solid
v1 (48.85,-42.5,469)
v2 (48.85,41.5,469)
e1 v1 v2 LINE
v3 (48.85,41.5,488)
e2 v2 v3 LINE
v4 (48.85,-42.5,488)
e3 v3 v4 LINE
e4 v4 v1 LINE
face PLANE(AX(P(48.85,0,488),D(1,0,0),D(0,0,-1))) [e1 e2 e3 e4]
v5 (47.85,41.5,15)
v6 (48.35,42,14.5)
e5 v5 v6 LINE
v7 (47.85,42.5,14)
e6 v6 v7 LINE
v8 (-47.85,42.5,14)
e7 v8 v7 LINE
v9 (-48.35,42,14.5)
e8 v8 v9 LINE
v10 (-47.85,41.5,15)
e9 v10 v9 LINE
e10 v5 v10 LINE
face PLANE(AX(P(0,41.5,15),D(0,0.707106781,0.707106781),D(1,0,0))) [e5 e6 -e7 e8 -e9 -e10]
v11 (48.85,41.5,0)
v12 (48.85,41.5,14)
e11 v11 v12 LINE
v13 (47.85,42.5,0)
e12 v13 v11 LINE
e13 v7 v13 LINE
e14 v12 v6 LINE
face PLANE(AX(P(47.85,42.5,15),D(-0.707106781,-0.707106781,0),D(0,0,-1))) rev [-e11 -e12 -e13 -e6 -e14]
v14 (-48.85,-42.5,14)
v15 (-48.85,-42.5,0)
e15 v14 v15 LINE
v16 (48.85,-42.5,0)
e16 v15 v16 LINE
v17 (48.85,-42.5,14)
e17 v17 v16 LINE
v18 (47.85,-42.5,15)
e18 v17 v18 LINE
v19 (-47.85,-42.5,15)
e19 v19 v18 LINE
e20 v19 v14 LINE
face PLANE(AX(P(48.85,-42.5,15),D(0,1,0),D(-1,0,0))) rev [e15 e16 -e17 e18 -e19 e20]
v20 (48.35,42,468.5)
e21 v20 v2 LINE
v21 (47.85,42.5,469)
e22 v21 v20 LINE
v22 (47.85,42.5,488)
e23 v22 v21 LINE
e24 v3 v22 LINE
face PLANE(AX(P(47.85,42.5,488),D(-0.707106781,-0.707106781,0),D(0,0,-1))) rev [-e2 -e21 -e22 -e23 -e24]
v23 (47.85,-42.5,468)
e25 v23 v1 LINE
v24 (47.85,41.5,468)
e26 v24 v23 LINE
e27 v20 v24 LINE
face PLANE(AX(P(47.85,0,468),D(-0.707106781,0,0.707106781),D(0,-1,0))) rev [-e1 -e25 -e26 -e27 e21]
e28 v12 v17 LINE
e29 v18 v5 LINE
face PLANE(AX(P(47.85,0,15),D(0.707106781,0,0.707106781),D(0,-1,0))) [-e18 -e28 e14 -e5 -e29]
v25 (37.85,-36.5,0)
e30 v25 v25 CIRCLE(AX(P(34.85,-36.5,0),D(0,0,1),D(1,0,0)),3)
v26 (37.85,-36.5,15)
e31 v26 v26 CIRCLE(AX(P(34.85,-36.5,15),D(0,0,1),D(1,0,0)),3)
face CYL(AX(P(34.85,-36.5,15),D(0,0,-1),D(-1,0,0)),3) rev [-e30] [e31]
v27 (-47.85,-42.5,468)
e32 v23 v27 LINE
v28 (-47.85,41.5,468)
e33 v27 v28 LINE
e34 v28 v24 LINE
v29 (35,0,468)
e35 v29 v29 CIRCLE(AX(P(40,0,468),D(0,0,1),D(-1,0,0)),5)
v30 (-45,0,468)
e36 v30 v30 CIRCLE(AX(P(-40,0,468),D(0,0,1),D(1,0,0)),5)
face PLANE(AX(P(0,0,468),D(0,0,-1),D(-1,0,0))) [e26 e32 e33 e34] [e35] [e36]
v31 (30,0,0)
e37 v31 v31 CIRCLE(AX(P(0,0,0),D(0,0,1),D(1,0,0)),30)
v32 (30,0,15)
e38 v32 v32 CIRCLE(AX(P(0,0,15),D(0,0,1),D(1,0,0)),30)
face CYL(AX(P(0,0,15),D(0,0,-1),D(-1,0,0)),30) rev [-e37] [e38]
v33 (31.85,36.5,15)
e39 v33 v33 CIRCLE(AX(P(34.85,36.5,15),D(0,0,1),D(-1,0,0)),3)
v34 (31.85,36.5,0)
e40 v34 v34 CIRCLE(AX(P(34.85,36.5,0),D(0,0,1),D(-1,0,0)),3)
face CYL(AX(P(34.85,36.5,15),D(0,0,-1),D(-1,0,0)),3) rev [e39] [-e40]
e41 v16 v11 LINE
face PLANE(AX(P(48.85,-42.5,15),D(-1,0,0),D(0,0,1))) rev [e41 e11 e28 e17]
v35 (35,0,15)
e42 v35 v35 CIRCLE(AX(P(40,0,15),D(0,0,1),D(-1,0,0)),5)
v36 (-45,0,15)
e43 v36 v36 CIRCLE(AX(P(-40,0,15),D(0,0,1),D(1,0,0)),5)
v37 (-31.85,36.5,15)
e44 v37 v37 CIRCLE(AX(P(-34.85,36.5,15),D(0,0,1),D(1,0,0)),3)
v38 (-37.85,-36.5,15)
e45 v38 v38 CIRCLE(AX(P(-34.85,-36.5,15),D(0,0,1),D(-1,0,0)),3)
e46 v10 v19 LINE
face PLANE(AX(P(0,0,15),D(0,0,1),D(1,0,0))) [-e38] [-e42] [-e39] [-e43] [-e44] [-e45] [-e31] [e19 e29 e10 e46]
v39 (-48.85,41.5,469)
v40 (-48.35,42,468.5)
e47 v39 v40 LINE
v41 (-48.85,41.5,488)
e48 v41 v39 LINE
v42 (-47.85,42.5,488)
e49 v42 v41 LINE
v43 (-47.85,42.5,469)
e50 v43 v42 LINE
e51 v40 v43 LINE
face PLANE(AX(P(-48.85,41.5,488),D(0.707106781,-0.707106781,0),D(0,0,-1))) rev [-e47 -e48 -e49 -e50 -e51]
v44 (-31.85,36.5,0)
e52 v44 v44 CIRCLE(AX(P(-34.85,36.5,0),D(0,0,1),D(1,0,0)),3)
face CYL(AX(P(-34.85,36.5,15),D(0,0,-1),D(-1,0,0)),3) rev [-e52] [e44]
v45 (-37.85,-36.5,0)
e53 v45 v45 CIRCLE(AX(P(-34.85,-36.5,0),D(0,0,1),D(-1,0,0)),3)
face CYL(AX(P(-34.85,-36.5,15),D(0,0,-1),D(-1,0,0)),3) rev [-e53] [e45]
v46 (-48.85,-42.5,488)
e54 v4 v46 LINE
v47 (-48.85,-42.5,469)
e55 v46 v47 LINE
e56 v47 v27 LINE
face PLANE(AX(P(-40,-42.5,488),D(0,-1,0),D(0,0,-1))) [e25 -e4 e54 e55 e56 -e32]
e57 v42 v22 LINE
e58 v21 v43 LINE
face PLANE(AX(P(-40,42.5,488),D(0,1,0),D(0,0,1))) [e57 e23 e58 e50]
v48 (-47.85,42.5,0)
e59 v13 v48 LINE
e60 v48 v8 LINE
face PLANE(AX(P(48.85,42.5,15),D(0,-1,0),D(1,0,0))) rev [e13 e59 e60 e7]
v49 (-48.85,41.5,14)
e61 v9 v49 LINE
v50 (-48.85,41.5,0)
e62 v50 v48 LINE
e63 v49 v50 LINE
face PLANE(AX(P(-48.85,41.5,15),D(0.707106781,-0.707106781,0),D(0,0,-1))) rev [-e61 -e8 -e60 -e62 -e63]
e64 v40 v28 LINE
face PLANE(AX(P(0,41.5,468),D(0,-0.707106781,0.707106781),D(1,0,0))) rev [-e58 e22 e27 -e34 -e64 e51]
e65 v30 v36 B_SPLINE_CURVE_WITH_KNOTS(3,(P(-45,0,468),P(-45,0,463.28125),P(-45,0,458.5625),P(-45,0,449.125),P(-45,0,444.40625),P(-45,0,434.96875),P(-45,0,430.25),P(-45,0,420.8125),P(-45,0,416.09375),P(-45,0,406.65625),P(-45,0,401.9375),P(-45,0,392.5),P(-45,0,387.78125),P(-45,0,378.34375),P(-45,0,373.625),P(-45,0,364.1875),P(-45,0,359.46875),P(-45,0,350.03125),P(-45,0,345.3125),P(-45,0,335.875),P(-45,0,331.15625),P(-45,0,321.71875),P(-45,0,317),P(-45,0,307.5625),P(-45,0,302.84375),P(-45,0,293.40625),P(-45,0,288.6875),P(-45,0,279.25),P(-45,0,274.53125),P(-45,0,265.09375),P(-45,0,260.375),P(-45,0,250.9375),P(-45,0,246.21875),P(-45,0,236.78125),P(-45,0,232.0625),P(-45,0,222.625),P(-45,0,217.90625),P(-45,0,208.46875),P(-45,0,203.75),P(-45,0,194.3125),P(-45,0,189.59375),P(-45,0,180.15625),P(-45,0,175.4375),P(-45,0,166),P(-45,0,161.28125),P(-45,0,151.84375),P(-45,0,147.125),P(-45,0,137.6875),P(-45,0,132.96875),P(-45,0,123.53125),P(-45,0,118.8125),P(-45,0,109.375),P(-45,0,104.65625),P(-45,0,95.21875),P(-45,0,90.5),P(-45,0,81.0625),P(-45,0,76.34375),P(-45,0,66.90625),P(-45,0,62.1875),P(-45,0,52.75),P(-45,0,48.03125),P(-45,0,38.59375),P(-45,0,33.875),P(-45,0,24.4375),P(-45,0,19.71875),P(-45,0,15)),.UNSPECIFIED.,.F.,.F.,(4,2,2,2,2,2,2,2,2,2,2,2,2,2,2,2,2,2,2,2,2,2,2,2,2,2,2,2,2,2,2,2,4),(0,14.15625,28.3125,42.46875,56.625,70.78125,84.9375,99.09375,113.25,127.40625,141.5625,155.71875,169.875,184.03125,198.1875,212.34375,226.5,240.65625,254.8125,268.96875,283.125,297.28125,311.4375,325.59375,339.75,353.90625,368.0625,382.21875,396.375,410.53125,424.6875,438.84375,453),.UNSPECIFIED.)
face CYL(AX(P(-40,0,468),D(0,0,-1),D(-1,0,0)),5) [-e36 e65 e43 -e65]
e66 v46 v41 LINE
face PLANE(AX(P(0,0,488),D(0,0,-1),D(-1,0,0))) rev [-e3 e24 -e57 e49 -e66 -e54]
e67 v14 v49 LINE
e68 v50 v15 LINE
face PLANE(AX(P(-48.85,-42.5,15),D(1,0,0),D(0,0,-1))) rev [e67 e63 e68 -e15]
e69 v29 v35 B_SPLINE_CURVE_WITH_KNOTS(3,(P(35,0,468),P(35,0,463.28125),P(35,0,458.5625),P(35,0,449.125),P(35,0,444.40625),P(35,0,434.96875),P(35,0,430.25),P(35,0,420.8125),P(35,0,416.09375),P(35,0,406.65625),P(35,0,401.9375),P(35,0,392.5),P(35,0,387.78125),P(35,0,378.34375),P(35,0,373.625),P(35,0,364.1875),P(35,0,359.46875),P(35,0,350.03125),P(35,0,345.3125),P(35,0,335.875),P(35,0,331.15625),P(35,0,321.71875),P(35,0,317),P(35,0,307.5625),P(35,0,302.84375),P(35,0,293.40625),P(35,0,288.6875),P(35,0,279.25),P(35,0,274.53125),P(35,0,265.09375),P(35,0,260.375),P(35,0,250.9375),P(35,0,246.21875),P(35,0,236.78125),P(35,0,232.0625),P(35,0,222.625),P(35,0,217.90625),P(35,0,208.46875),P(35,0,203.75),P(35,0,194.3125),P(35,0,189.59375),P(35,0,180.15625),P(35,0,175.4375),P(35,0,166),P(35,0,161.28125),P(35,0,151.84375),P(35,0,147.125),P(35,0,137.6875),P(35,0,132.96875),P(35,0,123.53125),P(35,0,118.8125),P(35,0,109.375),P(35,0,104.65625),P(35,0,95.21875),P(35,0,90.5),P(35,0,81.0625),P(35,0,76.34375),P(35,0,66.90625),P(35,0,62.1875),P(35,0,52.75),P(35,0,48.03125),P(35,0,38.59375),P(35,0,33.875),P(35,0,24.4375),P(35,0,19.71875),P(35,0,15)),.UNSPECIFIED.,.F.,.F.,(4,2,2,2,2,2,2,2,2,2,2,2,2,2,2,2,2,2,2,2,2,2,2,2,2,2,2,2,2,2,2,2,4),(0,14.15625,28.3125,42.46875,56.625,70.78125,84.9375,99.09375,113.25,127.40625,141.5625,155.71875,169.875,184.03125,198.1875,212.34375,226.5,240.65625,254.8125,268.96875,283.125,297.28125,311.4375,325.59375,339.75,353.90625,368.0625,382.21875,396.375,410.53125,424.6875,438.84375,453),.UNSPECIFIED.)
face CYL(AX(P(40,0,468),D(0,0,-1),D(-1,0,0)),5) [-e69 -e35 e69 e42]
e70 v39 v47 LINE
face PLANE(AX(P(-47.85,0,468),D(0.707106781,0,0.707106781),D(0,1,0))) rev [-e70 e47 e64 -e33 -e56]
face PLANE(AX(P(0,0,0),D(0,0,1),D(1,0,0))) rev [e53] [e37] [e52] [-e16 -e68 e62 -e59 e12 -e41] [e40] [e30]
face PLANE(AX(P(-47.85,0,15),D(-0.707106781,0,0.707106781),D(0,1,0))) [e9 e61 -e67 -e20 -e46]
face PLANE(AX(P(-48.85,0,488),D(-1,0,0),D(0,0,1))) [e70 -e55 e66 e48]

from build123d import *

# Parameters (mm, degrees)
CROQUIS1_W              = 97.7
CROQUIS1_H              = 85
CROQUIS1_R              = 3
CROQUIS1_R_2            = 30
SALIENTE_EXTRUIR1_DEPTH = 15
CROQUIS2_R              = 5
SALIENTE_EXTRUIR2_DEPTH = 453
SALIENTE_EXTRUIR3_START = 3
CROQUIS3_W              = 97.7
CROQUIS3_H              = 85
SALIENTE_EXTRUIR3_DEPTH = 20
CHAFL_N1_SIZE           = 1
CHAFL_N2_SIZE           = 1


with BuildPart() as part:
    # Croquis1 → Saliente-Extruir1 (new body)
    with BuildSketch(Plane.XY):
        Rectangle(CROQUIS1_W, CROQUIS1_H)
        with Locations((-34.85, 36.5)):
            Circle(CROQUIS1_R, mode=Mode.SUBTRACT)
        Circle(CROQUIS1_R_2, mode=Mode.SUBTRACT)
        with Locations(Location((34.85, 36.5, 0), (0, 0, 180))):
            Circle(CROQUIS1_R, mode=Mode.SUBTRACT)
        with Locations((34.85, -36.5)):
            Circle(CROQUIS1_R, mode=Mode.SUBTRACT)
        with Locations(Location((-34.85, -36.5, 0), (0, 0, 180))):
            Circle(CROQUIS1_R, mode=Mode.SUBTRACT)
    extrude(amount=SALIENTE_EXTRUIR1_DEPTH)

    # Croquis2 → Saliente-Extruir2 (add)
    with BuildSketch(Plane.XY.offset(15)):
        with Locations(Location((-40, 0, 0), (0, 0, 180))):
            Circle(CROQUIS2_R)
        with Locations(Location((40, 0, 0), (0, 0, 180))):
            Circle(CROQUIS2_R)
    extrude(amount=SALIENTE_EXTRUIR2_DEPTH)

    # Croquis3 → Saliente-Extruir3 (add)
    with BuildSketch(Plane.XY.offset(465).offset(SALIENTE_EXTRUIR3_START)):
        Rectangle(CROQUIS3_W, CROQUIS3_H)
    extrude(amount=SALIENTE_EXTRUIR3_DEPTH)

    # Chaflán1
    chafl_n1_edges = [part.edges().sort_by_distance(p)[0] for p in [
        (48.85, 0, 15),
        (0, 42.5, 15),
        (-48.85, 0, 468),
        (0, 42.5, 468),
        (48.85, 0, 468),
        (-48.85, 0, 15),
    ]]
    chamfer(chafl_n1_edges, length=CHAFL_N1_SIZE)

    # Chaflán2
    chafl_n2_edges = [part.edges().sort_by_distance(p)[0] for p in [
        (48.85, 42.5, 478.5),
        (-48.85, 42.5, 478.5),
        (-48.85, 42.5, 7),
        (48.85, 42.5, 7),
    ]]
    chamfer(chafl_n2_edges, length=CHAFL_N2_SIZE)


solid = part.part
